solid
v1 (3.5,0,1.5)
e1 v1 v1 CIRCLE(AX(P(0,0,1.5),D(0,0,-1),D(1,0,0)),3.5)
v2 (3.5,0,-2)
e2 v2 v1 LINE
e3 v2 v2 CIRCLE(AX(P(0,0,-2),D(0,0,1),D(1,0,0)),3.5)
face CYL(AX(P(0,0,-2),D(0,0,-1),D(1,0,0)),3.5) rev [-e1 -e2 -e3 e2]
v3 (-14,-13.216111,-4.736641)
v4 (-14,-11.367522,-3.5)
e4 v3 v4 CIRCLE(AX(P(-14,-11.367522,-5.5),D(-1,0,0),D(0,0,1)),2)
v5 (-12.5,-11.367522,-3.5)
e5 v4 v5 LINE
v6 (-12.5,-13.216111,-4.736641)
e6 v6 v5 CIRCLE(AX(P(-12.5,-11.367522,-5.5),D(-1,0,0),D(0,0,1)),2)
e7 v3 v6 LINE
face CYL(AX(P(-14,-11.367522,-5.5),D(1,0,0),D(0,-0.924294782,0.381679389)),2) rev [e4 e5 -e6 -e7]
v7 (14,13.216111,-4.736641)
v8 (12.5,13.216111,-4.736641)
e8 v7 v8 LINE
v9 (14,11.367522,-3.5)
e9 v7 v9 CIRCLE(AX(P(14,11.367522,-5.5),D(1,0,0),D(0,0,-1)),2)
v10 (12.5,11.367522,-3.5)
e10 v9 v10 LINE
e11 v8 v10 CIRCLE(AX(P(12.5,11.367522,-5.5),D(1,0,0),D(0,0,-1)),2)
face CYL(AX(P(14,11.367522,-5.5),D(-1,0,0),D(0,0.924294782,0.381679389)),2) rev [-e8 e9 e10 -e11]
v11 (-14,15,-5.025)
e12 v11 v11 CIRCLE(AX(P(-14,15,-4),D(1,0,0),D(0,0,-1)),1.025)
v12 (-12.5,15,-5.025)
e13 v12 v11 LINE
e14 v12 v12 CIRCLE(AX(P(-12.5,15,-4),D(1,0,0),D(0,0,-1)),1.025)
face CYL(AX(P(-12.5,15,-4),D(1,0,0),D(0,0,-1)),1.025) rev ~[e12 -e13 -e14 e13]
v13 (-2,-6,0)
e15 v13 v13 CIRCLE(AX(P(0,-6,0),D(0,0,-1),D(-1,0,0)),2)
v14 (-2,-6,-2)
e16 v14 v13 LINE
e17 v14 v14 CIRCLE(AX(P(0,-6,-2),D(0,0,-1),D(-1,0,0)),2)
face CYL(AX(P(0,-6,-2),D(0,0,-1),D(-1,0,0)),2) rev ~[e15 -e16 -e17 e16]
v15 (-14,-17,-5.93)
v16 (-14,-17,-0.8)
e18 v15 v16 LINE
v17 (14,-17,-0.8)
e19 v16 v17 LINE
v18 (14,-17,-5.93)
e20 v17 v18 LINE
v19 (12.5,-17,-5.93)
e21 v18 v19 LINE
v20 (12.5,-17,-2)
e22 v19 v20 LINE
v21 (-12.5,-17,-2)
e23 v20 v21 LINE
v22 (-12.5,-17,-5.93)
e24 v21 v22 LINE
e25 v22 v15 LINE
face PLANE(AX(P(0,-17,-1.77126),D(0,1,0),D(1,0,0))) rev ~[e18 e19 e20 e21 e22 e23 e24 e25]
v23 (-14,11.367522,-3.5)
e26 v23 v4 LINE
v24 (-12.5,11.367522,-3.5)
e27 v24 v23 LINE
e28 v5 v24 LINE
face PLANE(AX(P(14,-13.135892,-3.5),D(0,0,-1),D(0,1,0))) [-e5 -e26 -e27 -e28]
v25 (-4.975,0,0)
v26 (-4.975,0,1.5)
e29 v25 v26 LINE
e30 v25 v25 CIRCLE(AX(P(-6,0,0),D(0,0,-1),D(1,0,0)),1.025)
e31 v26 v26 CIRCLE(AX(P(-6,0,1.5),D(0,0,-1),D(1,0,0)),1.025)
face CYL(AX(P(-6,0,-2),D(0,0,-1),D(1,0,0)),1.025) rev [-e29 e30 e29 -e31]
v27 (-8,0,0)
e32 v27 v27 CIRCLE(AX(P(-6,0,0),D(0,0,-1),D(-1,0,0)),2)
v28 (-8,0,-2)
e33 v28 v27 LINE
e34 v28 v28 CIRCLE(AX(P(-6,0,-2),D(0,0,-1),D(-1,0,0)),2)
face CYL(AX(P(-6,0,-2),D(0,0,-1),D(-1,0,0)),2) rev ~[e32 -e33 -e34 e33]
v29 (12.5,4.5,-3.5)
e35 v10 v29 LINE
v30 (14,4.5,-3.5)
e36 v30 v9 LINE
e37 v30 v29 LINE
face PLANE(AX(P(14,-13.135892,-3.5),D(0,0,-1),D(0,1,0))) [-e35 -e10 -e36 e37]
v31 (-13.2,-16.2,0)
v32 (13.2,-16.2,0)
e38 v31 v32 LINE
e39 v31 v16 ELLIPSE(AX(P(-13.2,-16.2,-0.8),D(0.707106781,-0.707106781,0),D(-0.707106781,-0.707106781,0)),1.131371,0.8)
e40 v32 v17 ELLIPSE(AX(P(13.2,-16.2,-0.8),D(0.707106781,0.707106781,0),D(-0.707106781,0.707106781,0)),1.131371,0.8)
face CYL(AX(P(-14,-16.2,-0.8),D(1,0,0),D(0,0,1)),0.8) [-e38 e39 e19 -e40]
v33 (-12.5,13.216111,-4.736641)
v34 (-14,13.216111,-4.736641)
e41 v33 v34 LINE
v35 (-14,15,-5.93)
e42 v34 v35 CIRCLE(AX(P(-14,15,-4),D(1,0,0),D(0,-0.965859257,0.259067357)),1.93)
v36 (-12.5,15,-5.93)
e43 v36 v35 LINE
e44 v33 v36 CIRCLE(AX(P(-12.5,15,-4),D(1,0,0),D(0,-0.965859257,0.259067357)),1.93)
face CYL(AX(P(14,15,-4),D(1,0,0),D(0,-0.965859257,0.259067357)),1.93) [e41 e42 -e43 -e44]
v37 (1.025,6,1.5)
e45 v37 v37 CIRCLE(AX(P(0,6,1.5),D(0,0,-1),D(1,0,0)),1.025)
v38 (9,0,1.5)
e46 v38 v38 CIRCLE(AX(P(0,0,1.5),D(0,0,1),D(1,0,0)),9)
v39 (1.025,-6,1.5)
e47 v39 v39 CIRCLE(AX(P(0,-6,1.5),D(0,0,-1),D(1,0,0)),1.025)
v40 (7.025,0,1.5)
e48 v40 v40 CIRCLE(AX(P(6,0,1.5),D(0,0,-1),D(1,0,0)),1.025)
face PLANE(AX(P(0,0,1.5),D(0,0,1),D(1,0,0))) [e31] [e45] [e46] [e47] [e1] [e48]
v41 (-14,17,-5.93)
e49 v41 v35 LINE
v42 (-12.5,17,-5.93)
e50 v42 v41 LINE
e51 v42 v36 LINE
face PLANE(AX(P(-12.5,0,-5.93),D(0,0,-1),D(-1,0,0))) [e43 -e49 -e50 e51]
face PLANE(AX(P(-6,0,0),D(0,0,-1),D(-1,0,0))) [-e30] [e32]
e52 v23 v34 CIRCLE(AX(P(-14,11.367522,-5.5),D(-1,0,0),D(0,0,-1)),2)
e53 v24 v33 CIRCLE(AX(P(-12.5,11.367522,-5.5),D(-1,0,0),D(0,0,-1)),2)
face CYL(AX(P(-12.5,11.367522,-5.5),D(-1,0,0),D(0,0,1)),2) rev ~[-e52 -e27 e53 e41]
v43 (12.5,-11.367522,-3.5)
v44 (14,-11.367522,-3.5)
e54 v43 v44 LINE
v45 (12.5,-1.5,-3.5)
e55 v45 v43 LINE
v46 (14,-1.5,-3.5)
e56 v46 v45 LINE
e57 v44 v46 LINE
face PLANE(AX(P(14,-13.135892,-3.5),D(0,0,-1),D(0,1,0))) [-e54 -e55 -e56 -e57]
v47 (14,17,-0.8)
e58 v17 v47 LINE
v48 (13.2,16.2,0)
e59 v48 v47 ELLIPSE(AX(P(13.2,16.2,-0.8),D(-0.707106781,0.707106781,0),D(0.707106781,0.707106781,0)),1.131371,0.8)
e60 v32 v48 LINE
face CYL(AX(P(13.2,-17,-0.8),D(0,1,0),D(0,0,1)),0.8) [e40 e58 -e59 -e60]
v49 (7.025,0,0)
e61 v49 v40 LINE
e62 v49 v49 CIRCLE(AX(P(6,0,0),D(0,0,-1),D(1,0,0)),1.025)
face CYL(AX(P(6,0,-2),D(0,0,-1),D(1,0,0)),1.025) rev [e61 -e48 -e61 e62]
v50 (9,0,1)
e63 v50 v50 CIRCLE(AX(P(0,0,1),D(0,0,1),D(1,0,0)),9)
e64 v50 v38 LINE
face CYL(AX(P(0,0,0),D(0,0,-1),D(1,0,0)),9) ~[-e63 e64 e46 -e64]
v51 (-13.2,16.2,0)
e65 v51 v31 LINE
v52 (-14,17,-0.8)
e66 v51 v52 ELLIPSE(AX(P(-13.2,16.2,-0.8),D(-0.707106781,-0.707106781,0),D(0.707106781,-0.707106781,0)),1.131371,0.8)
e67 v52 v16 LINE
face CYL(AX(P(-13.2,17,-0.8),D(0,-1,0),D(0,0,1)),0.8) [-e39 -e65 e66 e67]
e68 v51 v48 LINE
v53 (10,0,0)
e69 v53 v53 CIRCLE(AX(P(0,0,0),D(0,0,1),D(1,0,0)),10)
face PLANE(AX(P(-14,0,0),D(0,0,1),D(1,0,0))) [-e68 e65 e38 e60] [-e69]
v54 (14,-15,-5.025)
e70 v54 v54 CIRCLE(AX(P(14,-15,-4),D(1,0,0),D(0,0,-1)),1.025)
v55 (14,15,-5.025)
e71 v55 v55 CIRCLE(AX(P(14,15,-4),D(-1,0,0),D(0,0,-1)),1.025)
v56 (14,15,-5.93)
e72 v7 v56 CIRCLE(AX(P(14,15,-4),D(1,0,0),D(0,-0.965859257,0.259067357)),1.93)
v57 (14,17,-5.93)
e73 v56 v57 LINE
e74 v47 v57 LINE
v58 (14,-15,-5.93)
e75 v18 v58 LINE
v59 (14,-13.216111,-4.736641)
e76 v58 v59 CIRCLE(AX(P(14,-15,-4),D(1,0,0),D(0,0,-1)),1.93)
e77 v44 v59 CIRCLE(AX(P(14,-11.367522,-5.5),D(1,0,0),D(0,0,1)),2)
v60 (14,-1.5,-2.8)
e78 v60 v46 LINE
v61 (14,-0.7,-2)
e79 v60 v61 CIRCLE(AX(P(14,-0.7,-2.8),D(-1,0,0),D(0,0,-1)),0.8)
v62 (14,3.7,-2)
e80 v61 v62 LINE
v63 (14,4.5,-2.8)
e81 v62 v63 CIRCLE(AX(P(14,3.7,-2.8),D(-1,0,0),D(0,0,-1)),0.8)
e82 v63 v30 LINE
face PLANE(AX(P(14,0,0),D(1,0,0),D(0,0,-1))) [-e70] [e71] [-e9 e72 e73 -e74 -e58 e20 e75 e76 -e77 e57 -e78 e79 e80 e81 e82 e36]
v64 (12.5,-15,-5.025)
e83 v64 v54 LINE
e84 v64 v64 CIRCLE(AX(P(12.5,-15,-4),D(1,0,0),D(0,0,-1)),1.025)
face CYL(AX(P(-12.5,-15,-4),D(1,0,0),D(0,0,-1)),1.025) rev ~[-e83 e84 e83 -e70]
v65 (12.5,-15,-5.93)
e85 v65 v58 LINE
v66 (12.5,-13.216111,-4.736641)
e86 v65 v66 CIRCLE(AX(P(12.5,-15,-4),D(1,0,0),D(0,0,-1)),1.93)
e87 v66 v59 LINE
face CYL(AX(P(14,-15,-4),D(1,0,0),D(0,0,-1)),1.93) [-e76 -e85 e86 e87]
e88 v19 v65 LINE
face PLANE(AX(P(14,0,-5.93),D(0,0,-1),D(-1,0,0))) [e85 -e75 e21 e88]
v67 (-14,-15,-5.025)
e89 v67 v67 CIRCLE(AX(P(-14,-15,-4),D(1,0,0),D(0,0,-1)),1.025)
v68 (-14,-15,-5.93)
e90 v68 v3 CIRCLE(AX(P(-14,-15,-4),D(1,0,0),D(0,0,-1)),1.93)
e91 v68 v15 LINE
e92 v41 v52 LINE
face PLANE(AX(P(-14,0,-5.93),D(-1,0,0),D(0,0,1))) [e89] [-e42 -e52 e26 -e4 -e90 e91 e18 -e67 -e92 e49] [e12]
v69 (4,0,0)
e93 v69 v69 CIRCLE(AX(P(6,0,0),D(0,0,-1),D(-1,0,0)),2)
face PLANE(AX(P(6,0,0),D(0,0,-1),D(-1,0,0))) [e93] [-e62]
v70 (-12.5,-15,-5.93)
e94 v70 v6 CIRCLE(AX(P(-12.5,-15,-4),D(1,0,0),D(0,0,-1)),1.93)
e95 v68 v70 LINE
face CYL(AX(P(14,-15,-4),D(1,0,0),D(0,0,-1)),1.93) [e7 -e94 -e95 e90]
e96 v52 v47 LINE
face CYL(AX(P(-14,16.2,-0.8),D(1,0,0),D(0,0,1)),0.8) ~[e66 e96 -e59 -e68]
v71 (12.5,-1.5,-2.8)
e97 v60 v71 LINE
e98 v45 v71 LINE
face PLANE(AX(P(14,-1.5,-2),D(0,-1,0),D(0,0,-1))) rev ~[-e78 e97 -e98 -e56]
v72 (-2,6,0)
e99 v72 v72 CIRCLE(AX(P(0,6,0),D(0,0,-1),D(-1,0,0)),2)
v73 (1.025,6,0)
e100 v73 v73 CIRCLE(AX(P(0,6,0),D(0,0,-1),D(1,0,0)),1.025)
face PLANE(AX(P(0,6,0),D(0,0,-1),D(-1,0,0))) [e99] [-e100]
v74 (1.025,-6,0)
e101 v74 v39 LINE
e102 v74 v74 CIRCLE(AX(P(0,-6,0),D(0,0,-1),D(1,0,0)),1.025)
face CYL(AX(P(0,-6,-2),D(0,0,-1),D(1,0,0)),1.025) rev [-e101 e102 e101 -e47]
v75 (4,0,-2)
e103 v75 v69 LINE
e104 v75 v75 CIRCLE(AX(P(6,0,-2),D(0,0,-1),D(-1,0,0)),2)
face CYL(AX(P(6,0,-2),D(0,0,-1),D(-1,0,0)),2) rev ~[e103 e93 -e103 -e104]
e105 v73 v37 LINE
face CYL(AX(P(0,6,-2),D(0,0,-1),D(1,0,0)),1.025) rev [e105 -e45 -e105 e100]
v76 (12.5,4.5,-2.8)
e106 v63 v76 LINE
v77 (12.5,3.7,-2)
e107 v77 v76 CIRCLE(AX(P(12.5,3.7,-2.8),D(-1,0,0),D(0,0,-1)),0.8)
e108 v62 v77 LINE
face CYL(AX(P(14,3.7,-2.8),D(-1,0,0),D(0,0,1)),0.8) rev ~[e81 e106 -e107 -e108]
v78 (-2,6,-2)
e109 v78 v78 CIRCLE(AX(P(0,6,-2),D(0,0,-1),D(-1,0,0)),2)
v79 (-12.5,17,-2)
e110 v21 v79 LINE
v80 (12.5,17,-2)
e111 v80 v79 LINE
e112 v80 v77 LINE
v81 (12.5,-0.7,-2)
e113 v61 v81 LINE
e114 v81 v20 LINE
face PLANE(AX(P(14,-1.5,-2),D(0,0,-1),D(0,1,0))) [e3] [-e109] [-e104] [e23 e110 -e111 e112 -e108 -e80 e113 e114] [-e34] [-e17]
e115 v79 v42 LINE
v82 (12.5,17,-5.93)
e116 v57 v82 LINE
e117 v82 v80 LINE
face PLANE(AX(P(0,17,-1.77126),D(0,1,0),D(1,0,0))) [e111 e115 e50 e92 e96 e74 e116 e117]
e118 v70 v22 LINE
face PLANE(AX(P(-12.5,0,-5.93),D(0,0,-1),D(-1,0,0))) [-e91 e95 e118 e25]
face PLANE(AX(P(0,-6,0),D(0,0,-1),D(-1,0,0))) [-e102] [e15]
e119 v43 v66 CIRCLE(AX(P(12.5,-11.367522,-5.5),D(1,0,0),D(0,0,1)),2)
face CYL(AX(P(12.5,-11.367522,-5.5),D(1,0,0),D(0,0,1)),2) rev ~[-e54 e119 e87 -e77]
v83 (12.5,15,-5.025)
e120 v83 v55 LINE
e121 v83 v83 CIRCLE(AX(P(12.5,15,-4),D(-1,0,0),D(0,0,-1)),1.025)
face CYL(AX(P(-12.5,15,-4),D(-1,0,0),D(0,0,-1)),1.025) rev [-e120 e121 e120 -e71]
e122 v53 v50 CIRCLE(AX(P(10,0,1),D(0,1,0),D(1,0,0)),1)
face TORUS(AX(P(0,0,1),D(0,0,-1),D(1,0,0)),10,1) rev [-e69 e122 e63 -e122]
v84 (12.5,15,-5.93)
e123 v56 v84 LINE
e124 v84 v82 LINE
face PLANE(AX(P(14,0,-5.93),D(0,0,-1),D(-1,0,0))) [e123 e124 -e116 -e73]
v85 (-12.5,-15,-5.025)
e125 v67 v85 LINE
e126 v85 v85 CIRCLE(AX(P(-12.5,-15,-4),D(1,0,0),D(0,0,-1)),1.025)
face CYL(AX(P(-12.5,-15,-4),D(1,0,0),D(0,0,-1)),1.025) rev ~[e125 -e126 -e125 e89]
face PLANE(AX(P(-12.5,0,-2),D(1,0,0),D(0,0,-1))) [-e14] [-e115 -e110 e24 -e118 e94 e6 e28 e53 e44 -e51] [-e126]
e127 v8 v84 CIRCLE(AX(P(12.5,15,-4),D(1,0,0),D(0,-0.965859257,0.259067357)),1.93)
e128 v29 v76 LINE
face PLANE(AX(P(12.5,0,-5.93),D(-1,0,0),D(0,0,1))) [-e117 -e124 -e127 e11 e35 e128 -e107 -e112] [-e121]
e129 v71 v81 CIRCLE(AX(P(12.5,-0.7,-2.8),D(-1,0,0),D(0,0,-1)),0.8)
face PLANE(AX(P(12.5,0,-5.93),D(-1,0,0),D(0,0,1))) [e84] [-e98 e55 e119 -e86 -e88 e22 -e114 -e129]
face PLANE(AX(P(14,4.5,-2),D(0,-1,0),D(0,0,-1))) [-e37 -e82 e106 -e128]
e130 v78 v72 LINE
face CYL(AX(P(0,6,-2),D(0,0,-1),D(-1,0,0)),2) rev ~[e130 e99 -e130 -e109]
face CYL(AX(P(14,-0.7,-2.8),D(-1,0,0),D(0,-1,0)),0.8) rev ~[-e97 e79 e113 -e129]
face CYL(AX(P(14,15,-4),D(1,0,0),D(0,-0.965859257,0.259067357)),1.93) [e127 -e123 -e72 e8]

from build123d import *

# Parameters (mm, degrees)
BOSS_EXTRUDE1_DEPTH = 17
SKETCH2_R           = 1.025
CUT_EXTRUDE1_DEPTH  = 50
CUT_EXTRUDE2_DEPTH  = 50
FILLET1_R           = 2
SKETCH8_W           = 1.5
SKETCH8_H           = 6
CUT_EXTRUDE5_DEPTH  = 10
SKETCH9_R           = 9
BOSS_EXTRUDE2_DEPTH = 1.5
SKETCH7_R           = 3.5
SKETCH7_R_2         = 1.025
CUT_EXTRUDE6_DEPTH  = 10
SKETCH10_R          = 2
CUT_EXTRUDE7_DEPTH  = 2
FILLET2_R           = 1
FILLET3_R           = 0.8
FILLET4_R           = 0.8


with BuildPart() as part:
    # Sketch1 → Boss-Extrude1 (new body, symmetric)
    with BuildSketch(Plane(origin=(0, 0, 0), x_dir=(1, 0, 0), z_dir=(0, 1, 0))):
        Polygon((-14, 0), (14, 0), (14, 5.93), (12.5, 5.93), (12.5, 2), (-12.5, 2), (-12.5, 5.93), (-14, 5.93), align=None)
    extrude(amount=BOSS_EXTRUDE1_DEPTH, both=True)

    # Sketch2 → Cut-Extrude1 (cut, symmetric)
    with BuildSketch(Plane(origin=(-12.5, 0, 0), x_dir=(0, 0, -1), z_dir=(1, 0, 0))):
        with Locations((4, 15)):
            Circle(SKETCH2_R)
        with Locations((4, -15)):
            Circle(SKETCH2_R)
    extrude(amount=CUT_EXTRUDE1_DEPTH, both=True, mode=Mode.SUBTRACT)

    # Sketch3 → Cut-Extrude2 (cut, symmetric)
    with BuildSketch(Plane(origin=(14, 0, 0), x_dir=(0, 0, -1), z_dir=(1, 0, 0))):
        with BuildLine():
            Line((3.5, -13.135891634), (3.5, 13.135891634))
            ThreePointArc((3.5, 13.135891634), (5.174712731, 13.468677043), (5.93, 15))
            Line((5.93, 15), (5.93, -15))
            ThreePointArc((5.93, -15), (5.174712731, -13.468677043), (3.5, -13.135891634))
        make_face()
    extrude(amount=CUT_EXTRUDE2_DEPTH, both=True, mode=Mode.SUBTRACT)

    # Fillet1
    fillet1_edges = [part.edges().sort_by_distance(p)[0] for p in [
        (13.25, 13.135891634, -3.5),
        (-13.25, 13.135891634, -3.5),
        (13.25, -13.135891634, -3.5),
        (-13.25, -13.135891634, -3.5),
    ]]
    fillet(fillet1_edges, radius=FILLET1_R)

    # Sketch8 → Cut-Extrude5 (cut)
    with BuildSketch(Plane(origin=(14, 0, 0), x_dir=(0, 0, -1), z_dir=(1, 0, 0))):
        with Locations((2.75, 1.5)):
            Rectangle(SKETCH8_W, SKETCH8_H)
    extrude(amount=-CUT_EXTRUDE5_DEPTH, mode=Mode.SUBTRACT)

    # Sketch9 → Boss-Extrude2 (add)
    with BuildSketch(Plane.XY):
        Circle(SKETCH9_R)
    extrude(amount=BOSS_EXTRUDE2_DEPTH)

    # Sketch7 → Cut-Extrude6 (cut)
    with BuildSketch(Plane.XY.offset(-2)):
        Circle(SKETCH7_R)
        with Locations((0, 6)):
            Circle(SKETCH7_R_2)
        with Locations((0, -6)):
            Circle(SKETCH7_R_2)
        with Locations((6, 0)):
            Circle(SKETCH7_R_2)
        with Locations((-6, 0)):
            Circle(SKETCH7_R_2)
    extrude(amount=CUT_EXTRUDE6_DEPTH, mode=Mode.SUBTRACT)

    # Sketch10 → Cut-Extrude7 (cut)
    with BuildSketch(Plane(origin=(0, 0, -2), x_dir=(-1, 0, 0), z_dir=(0, 0, -1))):
        with Locations((0, 6)):
            Circle(SKETCH10_R)
        with Locations((-6, 0)):
            Circle(SKETCH10_R)
        with Locations((0, -6)):
            Circle(SKETCH10_R)
        with Locations((6, 0)):
            Circle(SKETCH10_R)
    extrude(amount=-CUT_EXTRUDE7_DEPTH, mode=Mode.SUBTRACT)

    # Fillet2
    fillet2_edges = [part.edges().sort_by_distance(p)[0] for p in [
        (-9, 0, 0),
    ]]
    fillet(fillet2_edges, radius=FILLET2_R)

    # Fillet3
    fillet3_edges = [part.edges().sort_by_distance(p)[0] for p in [
        (14, 0, 0),
        (-14, 0, 0),
        (0, 17, 0),
        (0, -17, 0),
    ]]
    fillet(fillet3_edges, radius=FILLET3_R)

    # Fillet4
    fillet4_edges = [part.edges().sort_by_distance(p)[0] for p in [
        (13.25, -1.5, -2),
        (13.25, 4.5, -2),
    ]]
    fillet(fillet4_edges, radius=FILLET4_R)


solid = part.part
